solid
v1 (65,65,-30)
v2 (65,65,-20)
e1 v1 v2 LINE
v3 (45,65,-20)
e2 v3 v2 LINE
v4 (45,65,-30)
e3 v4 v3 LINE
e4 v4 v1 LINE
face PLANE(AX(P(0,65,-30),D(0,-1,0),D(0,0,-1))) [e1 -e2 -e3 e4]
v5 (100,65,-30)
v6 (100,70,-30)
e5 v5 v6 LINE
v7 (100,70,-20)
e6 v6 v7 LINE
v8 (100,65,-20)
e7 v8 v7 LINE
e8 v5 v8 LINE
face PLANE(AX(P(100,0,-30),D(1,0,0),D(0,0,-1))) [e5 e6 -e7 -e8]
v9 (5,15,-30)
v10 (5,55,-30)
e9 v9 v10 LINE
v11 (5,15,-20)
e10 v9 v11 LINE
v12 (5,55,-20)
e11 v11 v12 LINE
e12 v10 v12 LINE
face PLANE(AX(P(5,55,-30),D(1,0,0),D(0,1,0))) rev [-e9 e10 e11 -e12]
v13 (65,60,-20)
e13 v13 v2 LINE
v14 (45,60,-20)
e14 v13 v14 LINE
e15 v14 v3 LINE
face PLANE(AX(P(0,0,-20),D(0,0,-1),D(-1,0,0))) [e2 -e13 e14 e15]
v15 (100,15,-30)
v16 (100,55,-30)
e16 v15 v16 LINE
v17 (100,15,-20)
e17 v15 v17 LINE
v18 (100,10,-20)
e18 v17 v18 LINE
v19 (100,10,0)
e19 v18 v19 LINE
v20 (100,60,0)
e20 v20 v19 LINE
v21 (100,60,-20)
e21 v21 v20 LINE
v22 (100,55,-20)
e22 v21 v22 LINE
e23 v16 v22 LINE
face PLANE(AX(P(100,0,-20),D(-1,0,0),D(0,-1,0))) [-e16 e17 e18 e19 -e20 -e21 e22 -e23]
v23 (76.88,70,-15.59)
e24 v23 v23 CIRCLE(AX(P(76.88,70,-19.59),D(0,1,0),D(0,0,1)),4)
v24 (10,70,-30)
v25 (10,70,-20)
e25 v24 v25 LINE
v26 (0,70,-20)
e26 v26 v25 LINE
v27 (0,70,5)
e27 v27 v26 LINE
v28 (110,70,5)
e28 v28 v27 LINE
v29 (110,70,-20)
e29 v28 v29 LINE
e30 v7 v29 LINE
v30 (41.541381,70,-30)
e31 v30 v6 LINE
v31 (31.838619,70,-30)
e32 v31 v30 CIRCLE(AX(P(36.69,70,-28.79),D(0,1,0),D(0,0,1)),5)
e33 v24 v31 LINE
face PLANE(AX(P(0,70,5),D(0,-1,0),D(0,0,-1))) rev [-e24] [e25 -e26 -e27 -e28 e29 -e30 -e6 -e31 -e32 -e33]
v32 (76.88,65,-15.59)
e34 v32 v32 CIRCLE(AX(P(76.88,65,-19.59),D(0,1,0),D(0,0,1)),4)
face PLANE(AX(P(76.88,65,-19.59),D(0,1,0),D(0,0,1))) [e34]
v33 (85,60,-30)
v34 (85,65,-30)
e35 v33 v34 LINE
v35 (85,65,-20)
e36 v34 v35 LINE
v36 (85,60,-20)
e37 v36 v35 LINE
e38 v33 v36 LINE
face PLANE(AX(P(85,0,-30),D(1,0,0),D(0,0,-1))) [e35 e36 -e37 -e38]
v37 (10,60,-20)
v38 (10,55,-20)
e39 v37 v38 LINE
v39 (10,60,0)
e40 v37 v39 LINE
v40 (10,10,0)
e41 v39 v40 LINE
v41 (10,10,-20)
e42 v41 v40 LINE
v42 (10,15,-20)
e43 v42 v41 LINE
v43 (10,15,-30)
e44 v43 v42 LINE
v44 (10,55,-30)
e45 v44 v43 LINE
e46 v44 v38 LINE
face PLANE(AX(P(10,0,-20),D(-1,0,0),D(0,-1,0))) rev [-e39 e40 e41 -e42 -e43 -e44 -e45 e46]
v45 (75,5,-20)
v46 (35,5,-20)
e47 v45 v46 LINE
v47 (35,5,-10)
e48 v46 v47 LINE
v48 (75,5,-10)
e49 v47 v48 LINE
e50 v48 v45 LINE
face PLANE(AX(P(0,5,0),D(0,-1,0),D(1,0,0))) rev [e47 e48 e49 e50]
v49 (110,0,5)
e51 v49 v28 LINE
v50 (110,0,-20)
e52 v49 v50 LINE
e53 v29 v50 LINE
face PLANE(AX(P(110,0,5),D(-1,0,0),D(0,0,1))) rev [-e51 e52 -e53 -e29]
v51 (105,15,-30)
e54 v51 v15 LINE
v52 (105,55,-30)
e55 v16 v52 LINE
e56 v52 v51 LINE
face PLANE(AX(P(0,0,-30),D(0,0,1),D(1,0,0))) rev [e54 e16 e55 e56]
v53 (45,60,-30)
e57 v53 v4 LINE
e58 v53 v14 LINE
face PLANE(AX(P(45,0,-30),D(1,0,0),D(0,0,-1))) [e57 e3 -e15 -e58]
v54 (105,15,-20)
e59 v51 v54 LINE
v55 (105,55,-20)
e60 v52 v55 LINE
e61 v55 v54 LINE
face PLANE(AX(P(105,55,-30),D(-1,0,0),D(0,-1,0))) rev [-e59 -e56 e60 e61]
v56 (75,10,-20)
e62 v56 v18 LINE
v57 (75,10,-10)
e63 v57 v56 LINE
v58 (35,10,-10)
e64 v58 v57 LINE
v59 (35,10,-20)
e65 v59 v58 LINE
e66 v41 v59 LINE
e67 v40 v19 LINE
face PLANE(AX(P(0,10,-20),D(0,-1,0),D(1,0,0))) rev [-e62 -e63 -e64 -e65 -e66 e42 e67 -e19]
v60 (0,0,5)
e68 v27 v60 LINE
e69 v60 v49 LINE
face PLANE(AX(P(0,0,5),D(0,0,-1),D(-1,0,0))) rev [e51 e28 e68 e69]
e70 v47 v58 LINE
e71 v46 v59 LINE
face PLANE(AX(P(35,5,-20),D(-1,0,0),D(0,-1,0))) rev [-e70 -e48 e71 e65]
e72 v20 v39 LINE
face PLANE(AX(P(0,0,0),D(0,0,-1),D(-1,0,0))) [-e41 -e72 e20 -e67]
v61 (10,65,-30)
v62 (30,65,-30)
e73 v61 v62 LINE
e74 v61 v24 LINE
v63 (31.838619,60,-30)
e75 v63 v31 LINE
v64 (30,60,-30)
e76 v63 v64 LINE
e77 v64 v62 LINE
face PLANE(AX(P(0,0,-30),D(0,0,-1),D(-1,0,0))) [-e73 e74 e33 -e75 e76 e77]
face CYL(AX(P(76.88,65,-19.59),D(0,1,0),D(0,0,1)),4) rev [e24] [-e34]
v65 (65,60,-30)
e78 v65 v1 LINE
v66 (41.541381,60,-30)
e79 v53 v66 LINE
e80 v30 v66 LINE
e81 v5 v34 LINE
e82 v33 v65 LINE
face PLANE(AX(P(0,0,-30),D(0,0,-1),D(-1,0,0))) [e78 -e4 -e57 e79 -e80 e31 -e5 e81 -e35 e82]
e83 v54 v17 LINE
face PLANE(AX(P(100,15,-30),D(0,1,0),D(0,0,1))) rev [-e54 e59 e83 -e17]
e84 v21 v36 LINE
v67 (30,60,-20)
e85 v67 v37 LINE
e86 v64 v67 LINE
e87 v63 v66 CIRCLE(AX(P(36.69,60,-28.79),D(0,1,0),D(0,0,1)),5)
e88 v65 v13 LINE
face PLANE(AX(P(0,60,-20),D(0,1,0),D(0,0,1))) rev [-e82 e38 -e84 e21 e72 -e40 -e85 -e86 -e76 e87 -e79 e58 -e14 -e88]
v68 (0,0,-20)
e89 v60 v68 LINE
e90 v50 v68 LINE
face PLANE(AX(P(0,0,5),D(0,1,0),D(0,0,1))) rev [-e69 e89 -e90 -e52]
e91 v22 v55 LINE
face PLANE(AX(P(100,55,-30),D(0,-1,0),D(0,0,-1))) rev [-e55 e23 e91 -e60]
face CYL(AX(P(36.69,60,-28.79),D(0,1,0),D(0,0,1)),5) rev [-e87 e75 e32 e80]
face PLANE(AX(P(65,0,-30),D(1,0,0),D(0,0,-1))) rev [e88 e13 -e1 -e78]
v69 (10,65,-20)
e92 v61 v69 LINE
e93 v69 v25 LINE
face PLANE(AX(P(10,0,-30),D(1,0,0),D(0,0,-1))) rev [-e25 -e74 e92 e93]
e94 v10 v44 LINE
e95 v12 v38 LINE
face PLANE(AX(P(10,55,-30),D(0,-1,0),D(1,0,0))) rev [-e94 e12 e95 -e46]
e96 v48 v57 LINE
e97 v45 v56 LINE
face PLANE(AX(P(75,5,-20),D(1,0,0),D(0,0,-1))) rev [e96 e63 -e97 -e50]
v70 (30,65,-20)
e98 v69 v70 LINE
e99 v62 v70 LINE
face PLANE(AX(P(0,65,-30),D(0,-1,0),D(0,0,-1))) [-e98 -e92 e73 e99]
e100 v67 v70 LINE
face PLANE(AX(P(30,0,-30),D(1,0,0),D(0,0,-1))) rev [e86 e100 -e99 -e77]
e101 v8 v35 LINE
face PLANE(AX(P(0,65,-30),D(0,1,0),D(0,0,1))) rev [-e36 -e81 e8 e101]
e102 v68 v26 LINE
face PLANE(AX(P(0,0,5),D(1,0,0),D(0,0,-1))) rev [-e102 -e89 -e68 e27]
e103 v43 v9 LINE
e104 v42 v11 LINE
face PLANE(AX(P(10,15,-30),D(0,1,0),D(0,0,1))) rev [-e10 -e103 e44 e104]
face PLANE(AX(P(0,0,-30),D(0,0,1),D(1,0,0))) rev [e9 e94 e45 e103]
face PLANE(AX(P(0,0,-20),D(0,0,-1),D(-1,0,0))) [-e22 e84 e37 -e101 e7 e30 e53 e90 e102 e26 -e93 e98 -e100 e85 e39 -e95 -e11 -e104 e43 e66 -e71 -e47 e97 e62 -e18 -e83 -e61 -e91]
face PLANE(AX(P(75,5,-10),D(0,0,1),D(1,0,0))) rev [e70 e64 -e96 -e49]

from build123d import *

# Parameters (mm, degrees)
SKETCH1_W           = 110
SKETCH1_H           = 70
BOSS_EXTRUDE1_DEPTH = 5
SKETCH2_W           = 90
SKETCH2_H           = 10
BOSS_EXTRUDE2_DEPTH = 20
SKETCH4_W           = 40
SKETCH4_H           = 10
CUT_EXTRUDE1_DEPTH  = 5
SKETCH5_W           = 5
SKETCH5_H           = 40
BOSS_EXTRUDE4_DEPTH = 10
BOSS_EXTRUDE5_DEPTH = 10
SKETCH7_R           = 5
CUT_EXTRUDE2_DEPTH  = 10
SKETCH8_R           = 4
CUT_EXTRUDE3_DEPTH  = 5


with BuildPart() as part:
    # Sketch1 → Boss-Extrude1 (new body)
    with BuildSketch(Plane.XY):
        with Locations((55, 35)):
            Rectangle(SKETCH1_W, SKETCH1_H)
    extrude(amount=BOSS_EXTRUDE1_DEPTH)

    # Sketch2 → Boss-Extrude2 (add)
    with BuildSketch(Plane(origin=(0, 0, 0), x_dir=(-1, 0, 0), z_dir=(0, 0, -1))):
        with Locations((-55, 65)):
            Rectangle(SKETCH2_W, SKETCH2_H)
        Polygon((-100, 70), (-110, 70), (-110, 0), (-100, 0), (-100, 10), (-100, 60), align=None)
        Polygon((0, 70), (-10, 70), (-10, 60), (-10, 10), (-10, 0), (0, 0), align=None)
        with Locations((-55, 5)):
            Rectangle(SKETCH2_W, SKETCH2_H)
    extrude(amount=BOSS_EXTRUDE2_DEPTH)

    # Sketch4 → Cut-Extrude1 (cut)
    with BuildSketch(Plane(origin=(0, 10, 0), x_dir=(1, 0, 0), z_dir=(0, 1, 0))):
        with Locations((55, 15)):
            Rectangle(SKETCH4_W, SKETCH4_H)
    extrude(amount=-CUT_EXTRUDE1_DEPTH, mode=Mode.SUBTRACT)

    # Sketch5 → Boss-Extrude4 (add)
    with BuildSketch(Plane(origin=(0, 0, -20), x_dir=(-1, 0, 0), z_dir=(0, 0, -1))):
        with Locations((-102.5, 35)):
            Rectangle(SKETCH5_W, SKETCH5_H)
        with Locations((-7.5, 35)):
            Rectangle(SKETCH5_W, SKETCH5_H)
    extrude(amount=BOSS_EXTRUDE4_DEPTH)

    # Sketch6 → Boss-Extrude5 (add)
    with BuildSketch(Plane(origin=(0, 0, -20), x_dir=(-1, 0, 0), z_dir=(0, 0, -1))):
        Polygon((-45, 60), (-30, 60), (-30, 65), (-10, 65), (-10, 70), (-100, 70), (-100, 65), (-85, 65), (-85, 60), (-65, 60), (-65, 65), (-45, 65), align=None)
    extrude(amount=BOSS_EXTRUDE5_DEPTH)

    # Sketch7 → Cut-Extrude2 (cut)
    with BuildSketch(Plane(origin=(0, 70, 0), x_dir=(1, 0, 0), z_dir=(0, 1, 0))):
        with Locations((36.69, 28.79)):
            Circle(SKETCH7_R)
    extrude(amount=-CUT_EXTRUDE2_DEPTH, mode=Mode.SUBTRACT)

    # Sketch8 → Cut-Extrude3 (cut)
    with BuildSketch(Plane(origin=(0, 70, 0), x_dir=(1, 0, 0), z_dir=(0, 1, 0))):
        with Locations(Location((76.88, 19.59, 0), (0, 0, 270))):
            Circle(SKETCH8_R)
    extrude(amount=-CUT_EXTRUDE3_DEPTH, mode=Mode.SUBTRACT)


solid = part.part
